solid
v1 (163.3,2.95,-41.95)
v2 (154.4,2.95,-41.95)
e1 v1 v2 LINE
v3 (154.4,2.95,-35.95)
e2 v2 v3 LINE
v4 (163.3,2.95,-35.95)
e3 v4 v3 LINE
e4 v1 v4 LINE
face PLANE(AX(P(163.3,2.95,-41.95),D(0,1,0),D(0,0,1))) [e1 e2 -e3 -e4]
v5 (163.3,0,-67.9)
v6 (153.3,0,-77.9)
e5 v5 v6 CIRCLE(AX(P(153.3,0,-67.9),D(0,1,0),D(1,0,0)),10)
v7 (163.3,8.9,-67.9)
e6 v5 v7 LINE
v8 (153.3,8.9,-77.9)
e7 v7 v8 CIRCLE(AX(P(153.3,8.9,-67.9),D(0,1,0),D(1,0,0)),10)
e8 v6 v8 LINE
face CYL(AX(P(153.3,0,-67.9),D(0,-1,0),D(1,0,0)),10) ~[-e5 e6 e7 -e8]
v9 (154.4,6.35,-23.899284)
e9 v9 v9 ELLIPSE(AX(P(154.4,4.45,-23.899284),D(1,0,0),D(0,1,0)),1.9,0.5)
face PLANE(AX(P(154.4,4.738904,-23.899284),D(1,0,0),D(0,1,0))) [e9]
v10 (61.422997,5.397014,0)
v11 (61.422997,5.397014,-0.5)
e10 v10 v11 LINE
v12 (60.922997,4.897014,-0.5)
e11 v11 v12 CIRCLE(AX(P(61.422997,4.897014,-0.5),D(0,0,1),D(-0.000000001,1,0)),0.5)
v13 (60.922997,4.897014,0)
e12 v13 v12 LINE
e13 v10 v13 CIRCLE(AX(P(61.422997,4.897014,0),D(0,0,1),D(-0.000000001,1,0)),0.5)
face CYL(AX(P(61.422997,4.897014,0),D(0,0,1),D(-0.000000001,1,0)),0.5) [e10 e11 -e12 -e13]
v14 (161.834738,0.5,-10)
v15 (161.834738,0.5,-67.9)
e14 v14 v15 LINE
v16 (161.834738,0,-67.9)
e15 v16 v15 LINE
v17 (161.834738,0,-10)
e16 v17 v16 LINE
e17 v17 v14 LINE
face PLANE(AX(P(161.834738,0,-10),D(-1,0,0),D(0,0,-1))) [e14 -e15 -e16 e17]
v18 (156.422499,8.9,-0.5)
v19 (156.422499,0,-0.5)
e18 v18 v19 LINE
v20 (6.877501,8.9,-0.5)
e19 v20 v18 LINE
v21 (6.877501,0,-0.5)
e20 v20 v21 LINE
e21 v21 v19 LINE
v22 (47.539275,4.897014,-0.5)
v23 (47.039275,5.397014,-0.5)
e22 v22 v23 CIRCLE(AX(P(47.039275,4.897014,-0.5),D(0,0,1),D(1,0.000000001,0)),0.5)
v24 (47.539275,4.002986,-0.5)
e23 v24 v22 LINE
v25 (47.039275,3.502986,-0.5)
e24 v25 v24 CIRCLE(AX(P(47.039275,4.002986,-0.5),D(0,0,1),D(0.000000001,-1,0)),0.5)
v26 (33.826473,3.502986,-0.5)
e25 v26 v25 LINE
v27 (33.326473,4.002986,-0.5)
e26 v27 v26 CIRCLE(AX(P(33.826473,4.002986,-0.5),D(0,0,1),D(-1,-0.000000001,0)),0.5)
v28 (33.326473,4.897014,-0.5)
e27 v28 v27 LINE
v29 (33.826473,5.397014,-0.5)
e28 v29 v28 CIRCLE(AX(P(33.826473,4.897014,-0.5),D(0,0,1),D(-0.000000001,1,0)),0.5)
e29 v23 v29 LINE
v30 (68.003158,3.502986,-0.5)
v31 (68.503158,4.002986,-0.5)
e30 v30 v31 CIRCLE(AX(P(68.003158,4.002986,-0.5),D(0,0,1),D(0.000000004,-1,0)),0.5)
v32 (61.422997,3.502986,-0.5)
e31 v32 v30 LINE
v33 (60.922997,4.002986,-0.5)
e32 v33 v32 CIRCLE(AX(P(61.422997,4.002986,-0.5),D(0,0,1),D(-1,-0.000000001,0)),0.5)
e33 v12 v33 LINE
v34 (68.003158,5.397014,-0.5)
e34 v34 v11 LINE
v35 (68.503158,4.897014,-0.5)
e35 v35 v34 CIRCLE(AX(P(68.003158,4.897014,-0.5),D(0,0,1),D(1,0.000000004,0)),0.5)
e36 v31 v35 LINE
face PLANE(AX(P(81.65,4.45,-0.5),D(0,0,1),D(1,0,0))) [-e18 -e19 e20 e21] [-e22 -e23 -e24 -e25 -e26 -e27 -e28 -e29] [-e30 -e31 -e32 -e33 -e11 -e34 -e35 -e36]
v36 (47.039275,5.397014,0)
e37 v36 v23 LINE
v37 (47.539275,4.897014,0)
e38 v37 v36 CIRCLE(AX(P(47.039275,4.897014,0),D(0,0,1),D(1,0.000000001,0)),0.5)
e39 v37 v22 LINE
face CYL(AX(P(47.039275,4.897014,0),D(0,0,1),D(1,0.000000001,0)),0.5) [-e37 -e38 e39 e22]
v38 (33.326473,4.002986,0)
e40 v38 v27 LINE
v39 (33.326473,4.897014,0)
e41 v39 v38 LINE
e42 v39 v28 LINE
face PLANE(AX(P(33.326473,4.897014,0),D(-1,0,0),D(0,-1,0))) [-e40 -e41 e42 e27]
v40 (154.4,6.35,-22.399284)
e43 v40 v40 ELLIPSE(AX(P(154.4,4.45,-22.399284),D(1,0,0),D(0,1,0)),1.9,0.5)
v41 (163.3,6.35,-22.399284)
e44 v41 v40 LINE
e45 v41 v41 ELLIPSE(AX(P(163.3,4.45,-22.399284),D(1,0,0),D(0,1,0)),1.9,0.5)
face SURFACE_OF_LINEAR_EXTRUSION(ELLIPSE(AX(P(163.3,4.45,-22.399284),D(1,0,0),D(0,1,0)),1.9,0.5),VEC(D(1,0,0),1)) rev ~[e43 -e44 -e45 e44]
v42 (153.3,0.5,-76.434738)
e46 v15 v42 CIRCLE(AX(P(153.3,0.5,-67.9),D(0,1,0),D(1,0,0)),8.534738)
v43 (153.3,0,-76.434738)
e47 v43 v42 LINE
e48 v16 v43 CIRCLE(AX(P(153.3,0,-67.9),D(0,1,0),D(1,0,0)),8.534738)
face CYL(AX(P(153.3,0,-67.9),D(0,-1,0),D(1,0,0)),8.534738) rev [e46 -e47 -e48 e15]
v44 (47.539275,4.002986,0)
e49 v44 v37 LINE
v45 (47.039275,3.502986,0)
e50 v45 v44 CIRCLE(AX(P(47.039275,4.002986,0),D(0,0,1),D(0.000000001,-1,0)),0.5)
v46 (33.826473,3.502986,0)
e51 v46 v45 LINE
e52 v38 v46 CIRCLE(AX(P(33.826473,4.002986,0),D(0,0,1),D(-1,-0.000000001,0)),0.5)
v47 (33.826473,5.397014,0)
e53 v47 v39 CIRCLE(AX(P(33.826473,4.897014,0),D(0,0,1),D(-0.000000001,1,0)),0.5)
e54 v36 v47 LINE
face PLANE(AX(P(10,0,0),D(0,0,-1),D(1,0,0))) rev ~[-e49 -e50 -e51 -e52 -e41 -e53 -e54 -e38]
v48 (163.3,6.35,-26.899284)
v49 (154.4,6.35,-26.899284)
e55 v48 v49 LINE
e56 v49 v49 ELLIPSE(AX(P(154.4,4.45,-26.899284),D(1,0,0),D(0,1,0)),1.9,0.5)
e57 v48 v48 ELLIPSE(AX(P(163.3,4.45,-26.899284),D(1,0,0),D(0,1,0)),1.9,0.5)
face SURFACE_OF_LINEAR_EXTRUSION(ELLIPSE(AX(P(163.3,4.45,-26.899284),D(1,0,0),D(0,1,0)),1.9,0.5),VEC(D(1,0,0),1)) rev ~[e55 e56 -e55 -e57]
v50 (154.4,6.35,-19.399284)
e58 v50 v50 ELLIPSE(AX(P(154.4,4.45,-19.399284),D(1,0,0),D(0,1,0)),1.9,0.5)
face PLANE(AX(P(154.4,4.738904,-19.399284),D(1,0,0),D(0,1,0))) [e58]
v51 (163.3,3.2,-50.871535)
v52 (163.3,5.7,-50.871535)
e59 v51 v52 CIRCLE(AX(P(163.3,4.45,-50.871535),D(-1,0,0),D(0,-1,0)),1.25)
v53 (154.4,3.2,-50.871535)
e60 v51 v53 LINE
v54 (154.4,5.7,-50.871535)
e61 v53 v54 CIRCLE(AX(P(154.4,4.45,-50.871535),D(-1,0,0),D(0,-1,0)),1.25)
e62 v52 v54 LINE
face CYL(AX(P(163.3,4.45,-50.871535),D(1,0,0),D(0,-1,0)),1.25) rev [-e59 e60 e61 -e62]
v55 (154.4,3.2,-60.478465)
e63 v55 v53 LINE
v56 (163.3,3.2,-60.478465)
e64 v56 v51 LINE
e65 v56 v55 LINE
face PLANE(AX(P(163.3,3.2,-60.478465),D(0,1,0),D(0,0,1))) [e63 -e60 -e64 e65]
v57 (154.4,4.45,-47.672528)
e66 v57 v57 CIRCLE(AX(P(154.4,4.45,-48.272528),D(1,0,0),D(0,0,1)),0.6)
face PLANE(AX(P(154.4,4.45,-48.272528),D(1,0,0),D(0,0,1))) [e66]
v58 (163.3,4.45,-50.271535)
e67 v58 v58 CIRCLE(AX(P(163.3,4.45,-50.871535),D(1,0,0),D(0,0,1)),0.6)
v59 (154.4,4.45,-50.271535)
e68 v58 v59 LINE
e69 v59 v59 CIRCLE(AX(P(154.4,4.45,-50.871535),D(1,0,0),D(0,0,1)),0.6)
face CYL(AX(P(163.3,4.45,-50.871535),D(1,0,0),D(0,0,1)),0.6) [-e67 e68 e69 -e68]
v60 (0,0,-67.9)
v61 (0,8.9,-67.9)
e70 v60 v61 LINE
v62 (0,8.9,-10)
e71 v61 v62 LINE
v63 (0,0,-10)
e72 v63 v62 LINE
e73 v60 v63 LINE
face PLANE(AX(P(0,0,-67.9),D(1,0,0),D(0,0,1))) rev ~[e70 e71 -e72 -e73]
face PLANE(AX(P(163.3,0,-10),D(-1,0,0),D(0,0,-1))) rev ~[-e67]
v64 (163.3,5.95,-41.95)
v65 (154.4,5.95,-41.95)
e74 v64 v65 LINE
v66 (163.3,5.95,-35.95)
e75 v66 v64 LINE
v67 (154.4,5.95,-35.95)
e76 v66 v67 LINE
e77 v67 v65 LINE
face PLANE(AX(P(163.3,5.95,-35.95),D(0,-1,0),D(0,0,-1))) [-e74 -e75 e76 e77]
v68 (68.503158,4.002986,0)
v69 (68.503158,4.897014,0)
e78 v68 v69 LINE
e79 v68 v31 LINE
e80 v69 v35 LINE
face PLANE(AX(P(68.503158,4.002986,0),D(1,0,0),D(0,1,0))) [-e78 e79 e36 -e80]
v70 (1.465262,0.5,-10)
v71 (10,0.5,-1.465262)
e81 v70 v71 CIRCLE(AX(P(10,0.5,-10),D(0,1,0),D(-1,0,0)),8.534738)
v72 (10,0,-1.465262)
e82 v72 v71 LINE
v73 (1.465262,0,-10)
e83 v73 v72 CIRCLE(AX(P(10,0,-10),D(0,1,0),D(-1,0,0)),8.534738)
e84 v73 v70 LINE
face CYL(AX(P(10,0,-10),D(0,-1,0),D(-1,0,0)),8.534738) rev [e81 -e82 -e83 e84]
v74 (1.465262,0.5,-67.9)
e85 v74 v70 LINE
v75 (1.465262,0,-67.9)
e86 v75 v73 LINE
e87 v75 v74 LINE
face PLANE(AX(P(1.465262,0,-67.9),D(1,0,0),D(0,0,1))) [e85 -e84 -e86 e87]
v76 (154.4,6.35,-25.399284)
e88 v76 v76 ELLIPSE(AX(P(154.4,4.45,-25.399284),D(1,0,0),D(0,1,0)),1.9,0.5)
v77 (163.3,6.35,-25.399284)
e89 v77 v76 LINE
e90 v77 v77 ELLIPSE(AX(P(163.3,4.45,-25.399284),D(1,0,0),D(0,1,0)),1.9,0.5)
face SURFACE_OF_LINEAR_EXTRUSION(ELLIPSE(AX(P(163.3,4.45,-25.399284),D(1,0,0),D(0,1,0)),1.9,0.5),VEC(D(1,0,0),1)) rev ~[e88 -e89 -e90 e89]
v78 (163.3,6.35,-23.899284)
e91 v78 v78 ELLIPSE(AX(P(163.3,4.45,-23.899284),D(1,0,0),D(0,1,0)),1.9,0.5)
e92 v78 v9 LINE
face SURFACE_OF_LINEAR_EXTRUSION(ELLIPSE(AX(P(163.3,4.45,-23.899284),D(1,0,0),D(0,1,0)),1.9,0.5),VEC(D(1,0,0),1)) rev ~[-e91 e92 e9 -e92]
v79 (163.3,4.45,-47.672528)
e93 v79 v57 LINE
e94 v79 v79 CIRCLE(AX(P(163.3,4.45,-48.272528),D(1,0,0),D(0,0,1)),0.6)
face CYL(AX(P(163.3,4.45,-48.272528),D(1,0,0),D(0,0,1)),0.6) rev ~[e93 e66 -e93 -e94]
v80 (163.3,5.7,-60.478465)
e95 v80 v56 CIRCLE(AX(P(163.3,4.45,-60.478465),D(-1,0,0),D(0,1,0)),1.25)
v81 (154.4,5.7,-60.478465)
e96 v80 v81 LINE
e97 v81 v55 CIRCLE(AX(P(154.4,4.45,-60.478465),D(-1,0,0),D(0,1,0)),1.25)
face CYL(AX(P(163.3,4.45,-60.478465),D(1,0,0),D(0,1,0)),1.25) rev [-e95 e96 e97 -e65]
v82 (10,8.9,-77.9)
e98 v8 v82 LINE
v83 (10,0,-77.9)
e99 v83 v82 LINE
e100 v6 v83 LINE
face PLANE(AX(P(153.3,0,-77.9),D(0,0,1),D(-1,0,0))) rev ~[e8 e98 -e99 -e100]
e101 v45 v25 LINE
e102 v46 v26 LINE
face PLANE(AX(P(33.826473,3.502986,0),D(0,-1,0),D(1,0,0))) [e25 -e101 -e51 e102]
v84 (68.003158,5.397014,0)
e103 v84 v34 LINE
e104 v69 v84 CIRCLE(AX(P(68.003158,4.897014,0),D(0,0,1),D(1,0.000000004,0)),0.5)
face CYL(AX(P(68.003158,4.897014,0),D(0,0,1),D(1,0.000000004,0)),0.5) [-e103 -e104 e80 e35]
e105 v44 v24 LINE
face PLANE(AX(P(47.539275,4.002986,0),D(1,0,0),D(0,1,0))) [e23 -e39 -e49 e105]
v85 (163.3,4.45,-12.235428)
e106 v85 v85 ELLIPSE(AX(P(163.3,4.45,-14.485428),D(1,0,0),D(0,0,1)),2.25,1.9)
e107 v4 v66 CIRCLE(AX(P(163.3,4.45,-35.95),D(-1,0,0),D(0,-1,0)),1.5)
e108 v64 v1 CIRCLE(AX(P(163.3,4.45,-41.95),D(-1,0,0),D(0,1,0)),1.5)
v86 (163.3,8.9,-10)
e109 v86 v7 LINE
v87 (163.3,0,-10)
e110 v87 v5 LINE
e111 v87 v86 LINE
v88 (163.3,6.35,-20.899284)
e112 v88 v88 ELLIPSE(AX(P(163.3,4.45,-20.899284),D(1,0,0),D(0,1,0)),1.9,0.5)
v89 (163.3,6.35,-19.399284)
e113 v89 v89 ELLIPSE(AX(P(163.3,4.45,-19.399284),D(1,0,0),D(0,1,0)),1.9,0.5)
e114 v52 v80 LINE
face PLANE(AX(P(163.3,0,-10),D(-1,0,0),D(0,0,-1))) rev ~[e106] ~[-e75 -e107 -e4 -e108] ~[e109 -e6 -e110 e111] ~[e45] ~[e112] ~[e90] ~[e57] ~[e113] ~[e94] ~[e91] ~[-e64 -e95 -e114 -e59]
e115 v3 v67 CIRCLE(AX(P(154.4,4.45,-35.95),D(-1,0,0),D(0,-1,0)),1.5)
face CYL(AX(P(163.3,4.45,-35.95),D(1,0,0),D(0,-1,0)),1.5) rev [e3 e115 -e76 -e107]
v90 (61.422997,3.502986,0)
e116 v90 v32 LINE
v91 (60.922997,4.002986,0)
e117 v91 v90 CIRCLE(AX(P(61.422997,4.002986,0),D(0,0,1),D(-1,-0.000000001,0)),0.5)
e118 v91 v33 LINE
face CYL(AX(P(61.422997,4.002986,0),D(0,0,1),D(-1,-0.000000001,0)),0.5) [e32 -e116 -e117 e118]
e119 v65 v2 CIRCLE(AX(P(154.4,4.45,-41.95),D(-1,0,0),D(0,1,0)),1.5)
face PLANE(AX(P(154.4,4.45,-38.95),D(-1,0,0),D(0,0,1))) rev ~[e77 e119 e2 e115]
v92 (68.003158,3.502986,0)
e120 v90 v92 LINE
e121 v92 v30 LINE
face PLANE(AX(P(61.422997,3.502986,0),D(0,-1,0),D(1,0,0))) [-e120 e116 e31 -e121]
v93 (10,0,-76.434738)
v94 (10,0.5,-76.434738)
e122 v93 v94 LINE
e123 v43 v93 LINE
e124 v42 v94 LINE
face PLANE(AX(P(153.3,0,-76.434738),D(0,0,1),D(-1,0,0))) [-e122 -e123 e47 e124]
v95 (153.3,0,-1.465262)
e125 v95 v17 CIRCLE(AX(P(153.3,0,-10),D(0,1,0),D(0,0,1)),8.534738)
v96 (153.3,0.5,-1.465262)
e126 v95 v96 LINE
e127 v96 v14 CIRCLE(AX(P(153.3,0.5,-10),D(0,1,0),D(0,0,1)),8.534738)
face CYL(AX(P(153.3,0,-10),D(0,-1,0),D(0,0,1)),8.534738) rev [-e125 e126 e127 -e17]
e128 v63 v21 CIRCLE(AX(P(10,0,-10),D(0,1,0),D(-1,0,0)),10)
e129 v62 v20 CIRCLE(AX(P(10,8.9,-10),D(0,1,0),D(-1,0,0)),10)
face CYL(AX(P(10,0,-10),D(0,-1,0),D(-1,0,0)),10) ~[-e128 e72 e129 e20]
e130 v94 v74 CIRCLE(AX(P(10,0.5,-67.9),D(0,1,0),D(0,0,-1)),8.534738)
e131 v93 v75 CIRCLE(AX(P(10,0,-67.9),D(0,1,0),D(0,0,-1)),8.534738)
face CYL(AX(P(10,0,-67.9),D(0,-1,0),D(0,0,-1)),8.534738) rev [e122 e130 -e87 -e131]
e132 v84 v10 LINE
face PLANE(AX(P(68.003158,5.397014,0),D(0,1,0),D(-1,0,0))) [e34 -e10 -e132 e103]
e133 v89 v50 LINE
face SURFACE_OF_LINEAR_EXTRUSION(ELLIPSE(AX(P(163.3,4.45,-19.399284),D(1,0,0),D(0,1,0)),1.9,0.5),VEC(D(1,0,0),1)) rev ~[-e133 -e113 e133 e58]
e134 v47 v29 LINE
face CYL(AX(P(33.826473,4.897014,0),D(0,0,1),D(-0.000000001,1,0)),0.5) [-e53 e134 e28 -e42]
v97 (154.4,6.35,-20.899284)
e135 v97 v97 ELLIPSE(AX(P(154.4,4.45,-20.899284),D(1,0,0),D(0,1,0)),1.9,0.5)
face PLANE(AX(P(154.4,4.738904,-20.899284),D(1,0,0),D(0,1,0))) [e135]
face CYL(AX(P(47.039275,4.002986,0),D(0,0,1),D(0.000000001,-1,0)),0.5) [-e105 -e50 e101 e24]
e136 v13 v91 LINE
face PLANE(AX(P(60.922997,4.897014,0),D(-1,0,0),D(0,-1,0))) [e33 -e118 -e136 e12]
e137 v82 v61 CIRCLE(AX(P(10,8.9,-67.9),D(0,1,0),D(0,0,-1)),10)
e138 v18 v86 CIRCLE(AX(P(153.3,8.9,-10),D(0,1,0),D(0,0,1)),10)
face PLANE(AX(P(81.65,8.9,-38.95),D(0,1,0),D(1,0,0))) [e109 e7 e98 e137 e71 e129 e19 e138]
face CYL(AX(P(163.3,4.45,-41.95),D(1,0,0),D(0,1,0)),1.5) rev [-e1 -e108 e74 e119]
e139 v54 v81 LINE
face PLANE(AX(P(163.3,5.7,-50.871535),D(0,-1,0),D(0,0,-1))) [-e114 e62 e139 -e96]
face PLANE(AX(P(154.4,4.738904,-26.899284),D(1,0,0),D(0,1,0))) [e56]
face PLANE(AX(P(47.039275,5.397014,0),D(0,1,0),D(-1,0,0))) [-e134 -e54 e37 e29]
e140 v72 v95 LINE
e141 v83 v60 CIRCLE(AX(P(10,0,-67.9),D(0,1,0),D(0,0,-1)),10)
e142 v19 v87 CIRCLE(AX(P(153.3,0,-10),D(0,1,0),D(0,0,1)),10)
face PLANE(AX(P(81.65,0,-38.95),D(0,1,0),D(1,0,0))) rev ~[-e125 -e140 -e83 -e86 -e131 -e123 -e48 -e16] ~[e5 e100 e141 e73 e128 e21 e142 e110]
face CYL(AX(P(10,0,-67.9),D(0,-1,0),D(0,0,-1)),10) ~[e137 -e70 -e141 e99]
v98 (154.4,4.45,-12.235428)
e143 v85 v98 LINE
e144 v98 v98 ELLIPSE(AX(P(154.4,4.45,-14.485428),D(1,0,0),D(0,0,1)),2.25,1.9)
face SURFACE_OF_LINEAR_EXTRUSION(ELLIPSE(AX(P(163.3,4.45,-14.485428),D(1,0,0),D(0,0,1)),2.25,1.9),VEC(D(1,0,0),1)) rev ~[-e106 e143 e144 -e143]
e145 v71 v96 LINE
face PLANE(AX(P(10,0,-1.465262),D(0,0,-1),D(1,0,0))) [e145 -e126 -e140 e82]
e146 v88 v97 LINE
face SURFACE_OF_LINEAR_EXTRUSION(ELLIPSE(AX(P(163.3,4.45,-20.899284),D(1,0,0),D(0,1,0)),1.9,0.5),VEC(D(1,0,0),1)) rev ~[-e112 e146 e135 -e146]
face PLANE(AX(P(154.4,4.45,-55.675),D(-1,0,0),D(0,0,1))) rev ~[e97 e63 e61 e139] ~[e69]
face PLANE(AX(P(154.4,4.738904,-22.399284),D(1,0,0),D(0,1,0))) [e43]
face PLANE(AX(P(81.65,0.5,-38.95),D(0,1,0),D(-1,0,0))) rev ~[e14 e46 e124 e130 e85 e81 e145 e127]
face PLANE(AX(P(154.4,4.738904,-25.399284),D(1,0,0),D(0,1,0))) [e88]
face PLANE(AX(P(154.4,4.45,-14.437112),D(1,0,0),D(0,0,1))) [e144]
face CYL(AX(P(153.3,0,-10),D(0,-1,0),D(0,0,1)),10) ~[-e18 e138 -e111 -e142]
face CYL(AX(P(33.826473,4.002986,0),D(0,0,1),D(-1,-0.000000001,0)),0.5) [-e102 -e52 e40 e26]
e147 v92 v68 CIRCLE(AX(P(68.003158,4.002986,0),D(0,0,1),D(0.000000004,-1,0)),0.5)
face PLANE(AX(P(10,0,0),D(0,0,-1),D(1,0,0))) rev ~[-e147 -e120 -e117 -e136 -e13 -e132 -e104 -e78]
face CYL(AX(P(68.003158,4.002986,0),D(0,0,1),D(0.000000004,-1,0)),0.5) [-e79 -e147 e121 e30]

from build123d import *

# Parameters (mm, degrees)
EXTRUDE_1_DEPTH     = 8.9
CUT_EXTRUDE_START   = 163.3
SKETCH_2_R          = 0.6
SKETCH_2_RX         = 2.25
SKETCH_2_RY         = 1.9
SKETCH_2_RX_2       = 1.9
SKETCH_2_RY_2       = 0.5
CUT_EXTRUDE_5_DEPTH = 8.9
SKETCH_7_OUTSIDE_W  = 201.53
SKETCH_7_OUTSIDE_H  = 47.13
CUT_EXTRUDE_6_DEPTH = 0.5
CUT_EXTRUDE_7_DEPTH = 0.5


with BuildPart() as part:
    # 草图1 → 凸台-拉伸1 (new body)
    with BuildSketch(Plane(origin=(0, 0, 0), x_dir=(1, 0, 0), z_dir=(0, 1, 0))):
        with BuildLine():
            Line((10, 0), (153.3, 0))
            ThreePointArc((153.3, 0), (160.371067812, 2.928932188), (163.3, 10))
            Line((163.3, 10), (163.3, 67.9))
            ThreePointArc((163.3, 67.9), (160.371067812, 74.971067812), (153.3, 77.9))
            Line((153.3, 77.9), (10, 77.9))
            ThreePointArc((10, 77.9), (2.928932188, 74.971067812), (0, 67.9))
            Line((0, 67.9), (0, 10))
            ThreePointArc((0, 10), (2.928932188, 2.928932188), (10, 0))
        make_face()
    extrude(amount=EXTRUDE_1_DEPTH)

    # 草图2 → 切除-拉伸5 (cut)
    # profile 1 of 10: a face of its own
    with BuildSketch(Plane(origin=(0, 0, 0), x_dir=(0, 0, -1), z_dir=(1, 0, 0)).offset(CUT_EXTRUDE_START)):
        with Locations(Location((48.272527564, 4.45, 0), (0, 0, 180))):
            Circle(SKETCH_2_R)
    # profile 2 of 10: a face of its own
    with BuildSketch(Plane(origin=(0, 0, 0), x_dir=(0, 0, -1), z_dir=(1, 0, 0)).offset(CUT_EXTRUDE_START)):
        with Locations(Location((14.485427664, 4.45), (0, 0, 180))):
            Ellipse(SKETCH_2_RX, SKETCH_2_RY)
    # profile 3 of 10: a face of its own
    with BuildSketch(Plane(origin=(0, 0, 0), x_dir=(0, 0, -1), z_dir=(1, 0, 0)).offset(CUT_EXTRUDE_START)):
        with Locations(Location((19.399284115, 4.45), (0, 0, 90))):
            Ellipse(SKETCH_2_RX_2, SKETCH_2_RY_2)
    # profile 4 of 10: a face of its own
    with BuildSketch(Plane(origin=(0, 0, 0), x_dir=(0, 0, -1), z_dir=(1, 0, 0)).offset(CUT_EXTRUDE_START)):
        with Locations(Location((20.899284115, 4.45), (0, 0, 90))):
            Ellipse(SKETCH_2_RX_2, SKETCH_2_RY_2)
    # profile 5 of 10: a face of its own
    with BuildSketch(Plane(origin=(0, 0, 0), x_dir=(0, 0, -1), z_dir=(1, 0, 0)).offset(CUT_EXTRUDE_START)):
        with Locations(Location((22.399284115, 4.45), (0, 0, 90))):
            Ellipse(SKETCH_2_RX_2, SKETCH_2_RY_2)
    # profile 6 of 10: a face of its own
    with BuildSketch(Plane(origin=(0, 0, 0), x_dir=(0, 0, -1), z_dir=(1, 0, 0)).offset(CUT_EXTRUDE_START)):
        with Locations(Location((23.899284115, 4.45), (0, 0, 90))):
            Ellipse(SKETCH_2_RX_2, SKETCH_2_RY_2)
    # profile 7 of 10: a face of its own
    with BuildSketch(Plane(origin=(0, 0, 0), x_dir=(0, 0, -1), z_dir=(1, 0, 0)).offset(CUT_EXTRUDE_START)):
        with Locations(Location((25.399284115, 4.45), (0, 0, 90))):
            Ellipse(SKETCH_2_RX_2, SKETCH_2_RY_2)
    # profile 8 of 10: a face of its own
    with BuildSketch(Plane(origin=(0, 0, 0), x_dir=(0, 0, -1), z_dir=(1, 0, 0)).offset(CUT_EXTRUDE_START)):
        with Locations(Location((26.899284115, 4.45), (0, 0, 90))):
            Ellipse(SKETCH_2_RX_2, SKETCH_2_RY_2)
    # profile 9 of 10: a face of its own
    with BuildSketch(Plane(origin=(0, 0, 0), x_dir=(0, 0, -1), z_dir=(1, 0, 0)).offset(CUT_EXTRUDE_START)):
        with BuildLine():
            Line((41.95, 2.95), (35.95, 2.95))
            ThreePointArc((35.95, 2.95), (34.45, 4.45), (35.95, 5.95))
            Line((35.95, 5.95), (41.95, 5.95))
            ThreePointArc((41.95, 5.95), (43.45, 4.45), (41.95, 2.95))
        make_face()
    # profile 10 of 10: a face of its own
    with BuildSketch(Plane(origin=(0, 0, 0), x_dir=(0, 0, -1), z_dir=(1, 0, 0)).offset(CUT_EXTRUDE_START)):
        with BuildLine():
            Line((60.478464751, 3.2), (50.871535249, 3.2))
            ThreePointArc((50.871535249, 3.2), (49.621535249, 4.45), (50.871535249, 5.7))
            Line((50.871535249, 5.7), (60.478464751, 5.7))
            ThreePointArc((60.478464751, 5.7), (61.728464751, 4.45), (60.478464751, 3.2))
        make_face()
        with Locations(Location((50.871535249, 4.45, 0), (0, 0, 180))):
            Circle(SKETCH_2_R, mode=Mode.SUBTRACT)
    extrude(amount=-CUT_EXTRUDE_5_DEPTH, mode=Mode.SUBTRACT)

    # 草图7 outside → 切除-拉伸6 (cut)
    with BuildSketch(Plane.XY):
        with Locations((81.65, 4.45)):
            Rectangle(SKETCH_7_OUTSIDE_W, SKETCH_7_OUTSIDE_H)
        with BuildLine():
            Line((33.826473294, 3.502985919), (47.039275266, 3.502985919))
            ThreePointArc((47.039275266, 3.502985919), (47.392828657, 3.649432529), (47.539275266, 4.002985919))
            Line((47.539275266, 4.002985919), (47.539275266, 4.897014081))
            ThreePointArc((47.539275266, 4.897014081), (47.392828657, 5.250567471), (47.039275266, 5.397014081))
            Line((47.039275266, 5.397014081), (33.826473294, 5.397014081))
            ThreePointArc((33.826473294, 5.397014081), (33.472919903, 5.250567471), (33.326473294, 4.897014081))
            Line((33.326473294, 4.897014081), (33.326473294, 4.002985919))
            ThreePointArc((33.326473294, 4.002985919), (33.472919903, 3.649432529), (33.826473294, 3.502985919))
        make_face(mode=Mode.SUBTRACT)
        with BuildLine():
            Line((61.422997124, 3.502985919), (68.003158176, 3.502985919))
            ThreePointArc((68.003158176, 3.502985919), (68.356711566, 3.649432529), (68.503158176, 4.002985919))
            Line((68.503158176, 4.002985919), (68.503158176, 4.897014081))
            ThreePointArc((68.503158176, 4.897014081), (68.356711566, 5.250567471), (68.003158176, 5.397014081))
            Line((68.003158176, 5.397014081), (61.422997124, 5.397014081))
            ThreePointArc((61.422997124, 5.397014081), (61.069443733, 5.250567471), (60.922997124, 4.897014081))
            Line((60.922997124, 4.897014081), (60.922997124, 4.002985919))
            ThreePointArc((60.922997124, 4.002985919), (61.069443733, 3.649432529), (61.422997124, 3.502985919))
        make_face(mode=Mode.SUBTRACT)
    extrude(amount=-CUT_EXTRUDE_6_DEPTH, mode=Mode.SUBTRACT)

    # 草图8 → 切除-拉伸7 (cut)
    with BuildSketch(Plane.XZ):
        with BuildLine():
            Line((1.465261874, -67.9), (1.465261874, -10))
            ThreePointArc((1.465261874, -10), (3.965028796, -3.965028796), (10, -1.465261874))
            Line((10, -1.465261874), (153.3, -1.465261874))
            ThreePointArc((153.3, -1.465261874), (159.334971204, -3.965028796), (161.834738126, -10))
            Line((161.834738126, -10), (161.834738126, -67.9))
            ThreePointArc((161.834738126, -67.9), (159.334971204, -73.934971204), (153.3, -76.434738126))
            Line((153.3, -76.434738126), (10, -76.434738126))
            ThreePointArc((10, -76.434738126), (3.965028796, -73.934971204), (1.465261874, -67.9))
        make_face()
    extrude(amount=-CUT_EXTRUDE_7_DEPTH, mode=Mode.SUBTRACT)


solid = part.part
